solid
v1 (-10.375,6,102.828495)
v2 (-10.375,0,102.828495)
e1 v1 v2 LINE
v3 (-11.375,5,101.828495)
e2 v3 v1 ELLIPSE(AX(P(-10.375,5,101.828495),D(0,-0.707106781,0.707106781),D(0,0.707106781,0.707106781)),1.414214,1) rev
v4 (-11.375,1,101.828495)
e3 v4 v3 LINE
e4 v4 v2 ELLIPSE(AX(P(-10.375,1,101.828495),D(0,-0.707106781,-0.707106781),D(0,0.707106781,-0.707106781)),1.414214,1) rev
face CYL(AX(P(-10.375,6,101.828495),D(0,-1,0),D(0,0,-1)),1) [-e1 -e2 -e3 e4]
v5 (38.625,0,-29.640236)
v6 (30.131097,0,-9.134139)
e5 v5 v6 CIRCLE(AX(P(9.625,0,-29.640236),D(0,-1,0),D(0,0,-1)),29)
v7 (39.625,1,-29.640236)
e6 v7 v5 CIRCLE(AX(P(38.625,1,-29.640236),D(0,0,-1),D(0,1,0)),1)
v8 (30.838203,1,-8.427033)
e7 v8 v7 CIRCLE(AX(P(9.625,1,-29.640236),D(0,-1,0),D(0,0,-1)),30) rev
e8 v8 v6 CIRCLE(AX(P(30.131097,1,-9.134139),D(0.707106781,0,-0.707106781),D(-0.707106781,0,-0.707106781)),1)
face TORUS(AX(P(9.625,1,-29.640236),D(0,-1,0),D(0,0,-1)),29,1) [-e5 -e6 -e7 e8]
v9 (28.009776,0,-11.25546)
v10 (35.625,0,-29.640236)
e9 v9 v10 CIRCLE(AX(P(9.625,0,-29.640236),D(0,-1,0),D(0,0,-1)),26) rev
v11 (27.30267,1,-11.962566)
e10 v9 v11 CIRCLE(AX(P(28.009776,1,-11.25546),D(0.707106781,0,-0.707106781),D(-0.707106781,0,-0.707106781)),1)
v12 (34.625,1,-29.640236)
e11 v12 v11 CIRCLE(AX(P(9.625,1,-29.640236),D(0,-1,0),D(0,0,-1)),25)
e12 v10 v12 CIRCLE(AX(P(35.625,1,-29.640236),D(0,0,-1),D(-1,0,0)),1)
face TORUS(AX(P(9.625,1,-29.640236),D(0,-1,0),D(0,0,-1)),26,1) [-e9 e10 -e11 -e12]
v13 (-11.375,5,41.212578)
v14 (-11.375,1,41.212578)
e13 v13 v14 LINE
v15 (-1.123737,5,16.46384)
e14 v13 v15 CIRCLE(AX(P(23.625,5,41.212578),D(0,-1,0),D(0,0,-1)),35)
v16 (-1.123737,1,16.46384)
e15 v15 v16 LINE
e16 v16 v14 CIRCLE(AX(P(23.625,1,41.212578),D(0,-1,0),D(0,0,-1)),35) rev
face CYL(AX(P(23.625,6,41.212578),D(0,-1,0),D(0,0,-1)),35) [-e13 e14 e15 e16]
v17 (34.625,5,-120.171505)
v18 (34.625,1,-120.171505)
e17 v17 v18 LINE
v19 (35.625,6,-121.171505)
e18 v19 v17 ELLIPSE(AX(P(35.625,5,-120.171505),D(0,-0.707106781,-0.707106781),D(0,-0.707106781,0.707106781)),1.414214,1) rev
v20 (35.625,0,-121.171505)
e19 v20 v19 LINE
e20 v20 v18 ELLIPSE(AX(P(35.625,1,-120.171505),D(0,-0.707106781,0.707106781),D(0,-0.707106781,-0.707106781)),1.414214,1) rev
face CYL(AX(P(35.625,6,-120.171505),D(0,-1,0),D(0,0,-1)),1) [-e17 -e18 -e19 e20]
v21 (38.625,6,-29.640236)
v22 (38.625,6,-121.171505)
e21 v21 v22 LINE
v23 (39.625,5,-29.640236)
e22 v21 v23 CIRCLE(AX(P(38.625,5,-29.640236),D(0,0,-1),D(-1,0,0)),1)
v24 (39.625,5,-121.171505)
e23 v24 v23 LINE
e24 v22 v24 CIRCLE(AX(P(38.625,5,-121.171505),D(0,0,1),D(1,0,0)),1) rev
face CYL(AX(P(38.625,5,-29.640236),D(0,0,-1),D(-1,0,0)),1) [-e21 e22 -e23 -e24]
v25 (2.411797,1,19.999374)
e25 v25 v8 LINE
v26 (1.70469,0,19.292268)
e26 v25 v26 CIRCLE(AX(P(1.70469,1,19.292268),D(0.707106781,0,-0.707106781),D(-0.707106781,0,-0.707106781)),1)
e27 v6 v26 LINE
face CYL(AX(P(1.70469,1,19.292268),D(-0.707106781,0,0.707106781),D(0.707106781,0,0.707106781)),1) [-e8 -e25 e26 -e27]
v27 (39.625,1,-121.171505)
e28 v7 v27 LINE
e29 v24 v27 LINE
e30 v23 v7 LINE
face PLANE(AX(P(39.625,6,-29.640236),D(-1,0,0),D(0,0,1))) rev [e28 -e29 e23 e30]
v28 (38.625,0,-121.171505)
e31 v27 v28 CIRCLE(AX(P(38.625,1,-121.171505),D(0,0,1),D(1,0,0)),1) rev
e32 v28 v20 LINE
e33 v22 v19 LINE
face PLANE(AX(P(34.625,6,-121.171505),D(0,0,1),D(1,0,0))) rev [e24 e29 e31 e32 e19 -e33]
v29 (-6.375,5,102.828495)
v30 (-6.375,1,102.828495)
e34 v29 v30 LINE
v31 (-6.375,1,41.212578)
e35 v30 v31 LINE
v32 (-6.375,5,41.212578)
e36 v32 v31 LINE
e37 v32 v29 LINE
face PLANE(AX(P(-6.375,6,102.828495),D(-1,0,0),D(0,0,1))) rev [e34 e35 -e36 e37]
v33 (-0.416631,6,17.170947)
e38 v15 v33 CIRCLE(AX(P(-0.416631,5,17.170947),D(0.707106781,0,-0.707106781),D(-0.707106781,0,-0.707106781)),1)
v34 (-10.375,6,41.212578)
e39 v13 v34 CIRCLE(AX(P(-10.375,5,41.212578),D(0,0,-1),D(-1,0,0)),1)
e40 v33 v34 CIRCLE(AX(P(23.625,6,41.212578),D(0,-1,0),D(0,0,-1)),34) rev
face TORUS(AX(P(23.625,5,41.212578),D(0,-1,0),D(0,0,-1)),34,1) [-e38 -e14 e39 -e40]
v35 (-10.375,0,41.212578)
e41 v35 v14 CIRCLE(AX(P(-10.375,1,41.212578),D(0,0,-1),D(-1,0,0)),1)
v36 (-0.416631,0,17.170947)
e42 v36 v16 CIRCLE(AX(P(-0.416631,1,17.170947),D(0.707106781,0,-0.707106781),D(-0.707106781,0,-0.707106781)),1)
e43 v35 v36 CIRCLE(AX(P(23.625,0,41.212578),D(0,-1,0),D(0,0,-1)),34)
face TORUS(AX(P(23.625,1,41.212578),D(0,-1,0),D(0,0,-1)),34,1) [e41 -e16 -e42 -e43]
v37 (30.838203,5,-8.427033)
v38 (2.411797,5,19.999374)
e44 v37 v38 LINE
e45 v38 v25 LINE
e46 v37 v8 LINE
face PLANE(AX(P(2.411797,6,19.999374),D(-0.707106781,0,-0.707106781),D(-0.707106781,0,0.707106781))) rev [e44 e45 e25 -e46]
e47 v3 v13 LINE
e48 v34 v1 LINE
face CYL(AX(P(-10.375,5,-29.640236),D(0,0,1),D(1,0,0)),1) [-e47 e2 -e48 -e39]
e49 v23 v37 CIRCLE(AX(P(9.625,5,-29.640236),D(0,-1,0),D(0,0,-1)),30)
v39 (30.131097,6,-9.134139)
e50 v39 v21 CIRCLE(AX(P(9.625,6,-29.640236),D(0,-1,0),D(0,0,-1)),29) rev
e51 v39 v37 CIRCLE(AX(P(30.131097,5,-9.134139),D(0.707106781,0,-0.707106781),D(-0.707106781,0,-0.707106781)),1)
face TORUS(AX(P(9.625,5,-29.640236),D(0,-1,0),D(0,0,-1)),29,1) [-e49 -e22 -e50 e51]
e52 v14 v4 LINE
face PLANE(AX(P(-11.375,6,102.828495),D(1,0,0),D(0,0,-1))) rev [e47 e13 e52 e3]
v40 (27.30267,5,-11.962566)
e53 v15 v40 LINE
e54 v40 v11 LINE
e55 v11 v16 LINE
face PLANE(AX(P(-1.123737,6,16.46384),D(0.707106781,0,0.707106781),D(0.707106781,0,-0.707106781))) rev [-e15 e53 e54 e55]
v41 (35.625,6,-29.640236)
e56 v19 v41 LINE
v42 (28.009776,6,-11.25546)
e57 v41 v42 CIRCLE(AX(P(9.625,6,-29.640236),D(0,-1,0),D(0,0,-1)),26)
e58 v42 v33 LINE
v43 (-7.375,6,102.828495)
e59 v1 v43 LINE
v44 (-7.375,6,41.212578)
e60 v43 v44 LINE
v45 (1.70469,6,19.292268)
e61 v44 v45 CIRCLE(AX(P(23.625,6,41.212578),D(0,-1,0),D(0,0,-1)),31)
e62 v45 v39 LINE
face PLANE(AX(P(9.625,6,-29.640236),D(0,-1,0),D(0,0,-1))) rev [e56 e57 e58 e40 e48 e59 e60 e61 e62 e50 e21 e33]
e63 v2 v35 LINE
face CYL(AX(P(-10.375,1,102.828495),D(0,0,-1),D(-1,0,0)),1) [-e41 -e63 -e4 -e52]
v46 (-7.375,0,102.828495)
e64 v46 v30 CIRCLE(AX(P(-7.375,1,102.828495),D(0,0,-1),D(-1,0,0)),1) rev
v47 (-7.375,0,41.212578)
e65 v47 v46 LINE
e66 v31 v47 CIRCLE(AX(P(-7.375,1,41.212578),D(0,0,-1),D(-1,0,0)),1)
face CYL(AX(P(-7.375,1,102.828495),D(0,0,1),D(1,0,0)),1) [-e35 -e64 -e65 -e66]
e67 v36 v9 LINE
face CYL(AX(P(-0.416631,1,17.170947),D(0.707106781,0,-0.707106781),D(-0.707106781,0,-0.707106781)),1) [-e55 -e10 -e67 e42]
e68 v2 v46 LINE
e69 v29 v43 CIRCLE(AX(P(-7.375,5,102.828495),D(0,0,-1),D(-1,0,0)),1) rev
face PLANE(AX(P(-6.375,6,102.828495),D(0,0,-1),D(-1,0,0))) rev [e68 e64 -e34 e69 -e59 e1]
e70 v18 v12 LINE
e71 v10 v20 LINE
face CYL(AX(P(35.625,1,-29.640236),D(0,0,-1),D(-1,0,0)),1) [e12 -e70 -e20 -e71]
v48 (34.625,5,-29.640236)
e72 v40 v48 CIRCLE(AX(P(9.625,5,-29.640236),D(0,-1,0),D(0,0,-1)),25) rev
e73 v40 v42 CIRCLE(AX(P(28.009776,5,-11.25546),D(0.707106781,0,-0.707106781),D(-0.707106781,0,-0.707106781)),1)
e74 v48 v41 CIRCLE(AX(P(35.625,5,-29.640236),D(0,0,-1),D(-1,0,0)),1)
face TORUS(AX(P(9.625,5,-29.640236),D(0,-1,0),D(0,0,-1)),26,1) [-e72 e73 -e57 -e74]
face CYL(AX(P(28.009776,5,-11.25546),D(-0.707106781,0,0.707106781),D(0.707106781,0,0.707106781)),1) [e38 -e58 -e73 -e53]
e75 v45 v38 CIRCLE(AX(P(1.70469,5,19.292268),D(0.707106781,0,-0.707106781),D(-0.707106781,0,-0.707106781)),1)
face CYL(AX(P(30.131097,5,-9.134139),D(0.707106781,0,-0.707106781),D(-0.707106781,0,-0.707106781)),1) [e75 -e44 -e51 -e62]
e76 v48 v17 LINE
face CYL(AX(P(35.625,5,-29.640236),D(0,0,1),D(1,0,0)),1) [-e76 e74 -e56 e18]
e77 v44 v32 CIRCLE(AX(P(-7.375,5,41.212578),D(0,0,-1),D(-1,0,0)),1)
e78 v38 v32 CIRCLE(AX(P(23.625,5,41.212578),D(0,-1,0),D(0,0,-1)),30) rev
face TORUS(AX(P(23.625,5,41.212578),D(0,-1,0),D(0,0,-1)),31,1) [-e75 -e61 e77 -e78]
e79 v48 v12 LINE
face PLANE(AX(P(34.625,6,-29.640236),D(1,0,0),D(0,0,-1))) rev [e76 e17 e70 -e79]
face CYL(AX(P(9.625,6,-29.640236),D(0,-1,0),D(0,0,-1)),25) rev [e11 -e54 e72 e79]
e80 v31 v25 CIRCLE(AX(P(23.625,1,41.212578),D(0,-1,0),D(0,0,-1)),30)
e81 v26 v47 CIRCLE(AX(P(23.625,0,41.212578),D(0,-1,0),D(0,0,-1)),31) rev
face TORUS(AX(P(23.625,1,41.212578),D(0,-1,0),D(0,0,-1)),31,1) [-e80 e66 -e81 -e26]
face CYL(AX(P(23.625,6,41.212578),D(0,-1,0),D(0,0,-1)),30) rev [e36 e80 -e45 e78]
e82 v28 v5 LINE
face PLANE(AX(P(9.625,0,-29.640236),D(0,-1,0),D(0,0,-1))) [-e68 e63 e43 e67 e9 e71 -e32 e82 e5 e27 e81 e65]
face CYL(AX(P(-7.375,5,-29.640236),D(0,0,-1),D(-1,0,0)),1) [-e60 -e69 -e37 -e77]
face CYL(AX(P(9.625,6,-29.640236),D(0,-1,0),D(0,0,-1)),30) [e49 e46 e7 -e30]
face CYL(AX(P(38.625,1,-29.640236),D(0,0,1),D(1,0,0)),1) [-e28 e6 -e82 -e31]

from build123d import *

# Parameters (mm, degrees)
RESSALTO_EXTRUS_O1_DEPTH = 6
FILETE1_R                = 1


with BuildPart() as part:
    # Esboço2 → Ressalto-extrusão1 (new body)
    with BuildSketch(Plane(origin=(0, 0, 0), x_dir=(1, 0, 0), z_dir=(0, 1, 0))):
        with BuildLine():
            Line((-11.375, -102.828494661), (-11.375, -41.212577741))
            ThreePointArc((-11.375, -41.212577741), (-8.710783638, -27.818657608), (-1.123737342, -16.463840399))
            Line((-1.123737342, -16.463840399), (27.30266953, 11.962566472))
            ThreePointArc((27.30266953, 11.962566472), (32.721988313, 20.073150192), (34.625, 29.640236002))
            Line((34.625, 29.640236002), (34.625, 121.17150534))
            Line((34.625, 121.17150534), (39.625, 121.17150534))
            Line((39.625, 121.17150534), (39.625, 29.640236002))
            ThreePointArc((39.625, 29.640236002), (37.341385975, 18.159733031), (30.838203436, 8.427032566))
            Line((30.838203436, 8.427032566), (2.411796564, -19.999374305))
            ThreePointArc((2.411796564, -19.999374305), (-4.091385975, -29.73207477), (-6.375, -41.212577741))
            Line((-6.375, -41.212577741), (-6.375, -102.828494661))
            Line((-6.375, -102.828494661), (-11.375, -102.828494661))
        make_face()
    extrude(amount=RESSALTO_EXTRUS_O1_DEPTH)

    # Filete1
    filete1_edges = [part.edges().sort_by_distance(p)[0] for p in [
        (39.625, 0, -75.405870671),
        (37.341385975, 0, -18.159733031),
        (32.721988313, 6, -20.073150192),
        (16.625, 0, 5.78617087),
        (-4.091385975, 0, 29.73207477),
        (-6.375, 0, 72.020536201),
        (-11.375, 0, 72.020536201),
        (-8.710783638, 0, 27.818657608),
        (13.089466094, 0, 2.250636964),
        (32.721988313, 0, -20.073150192),
        (34.625, 0, -75.405870671),
        (13.089466094, 6, 2.250636964),
        (-8.710783638, 6, 27.818657608),
        (-11.375, 3, 102.828494661),
        (34.625, 3, -121.17150534),
        (-11.375, 6, 72.020536201),
        (-6.375, 6, 72.020536201),
        (-4.091385975, 6, 29.73207477),
        (16.625, 6, 5.78617087),
        (37.341385975, 6, -18.159733031),
        (39.625, 6, -75.405870671),
        (34.625, 6, -75.405870671),
    ]]
    fillet(filete1_edges, radius=FILETE1_R)


solid = part.part
